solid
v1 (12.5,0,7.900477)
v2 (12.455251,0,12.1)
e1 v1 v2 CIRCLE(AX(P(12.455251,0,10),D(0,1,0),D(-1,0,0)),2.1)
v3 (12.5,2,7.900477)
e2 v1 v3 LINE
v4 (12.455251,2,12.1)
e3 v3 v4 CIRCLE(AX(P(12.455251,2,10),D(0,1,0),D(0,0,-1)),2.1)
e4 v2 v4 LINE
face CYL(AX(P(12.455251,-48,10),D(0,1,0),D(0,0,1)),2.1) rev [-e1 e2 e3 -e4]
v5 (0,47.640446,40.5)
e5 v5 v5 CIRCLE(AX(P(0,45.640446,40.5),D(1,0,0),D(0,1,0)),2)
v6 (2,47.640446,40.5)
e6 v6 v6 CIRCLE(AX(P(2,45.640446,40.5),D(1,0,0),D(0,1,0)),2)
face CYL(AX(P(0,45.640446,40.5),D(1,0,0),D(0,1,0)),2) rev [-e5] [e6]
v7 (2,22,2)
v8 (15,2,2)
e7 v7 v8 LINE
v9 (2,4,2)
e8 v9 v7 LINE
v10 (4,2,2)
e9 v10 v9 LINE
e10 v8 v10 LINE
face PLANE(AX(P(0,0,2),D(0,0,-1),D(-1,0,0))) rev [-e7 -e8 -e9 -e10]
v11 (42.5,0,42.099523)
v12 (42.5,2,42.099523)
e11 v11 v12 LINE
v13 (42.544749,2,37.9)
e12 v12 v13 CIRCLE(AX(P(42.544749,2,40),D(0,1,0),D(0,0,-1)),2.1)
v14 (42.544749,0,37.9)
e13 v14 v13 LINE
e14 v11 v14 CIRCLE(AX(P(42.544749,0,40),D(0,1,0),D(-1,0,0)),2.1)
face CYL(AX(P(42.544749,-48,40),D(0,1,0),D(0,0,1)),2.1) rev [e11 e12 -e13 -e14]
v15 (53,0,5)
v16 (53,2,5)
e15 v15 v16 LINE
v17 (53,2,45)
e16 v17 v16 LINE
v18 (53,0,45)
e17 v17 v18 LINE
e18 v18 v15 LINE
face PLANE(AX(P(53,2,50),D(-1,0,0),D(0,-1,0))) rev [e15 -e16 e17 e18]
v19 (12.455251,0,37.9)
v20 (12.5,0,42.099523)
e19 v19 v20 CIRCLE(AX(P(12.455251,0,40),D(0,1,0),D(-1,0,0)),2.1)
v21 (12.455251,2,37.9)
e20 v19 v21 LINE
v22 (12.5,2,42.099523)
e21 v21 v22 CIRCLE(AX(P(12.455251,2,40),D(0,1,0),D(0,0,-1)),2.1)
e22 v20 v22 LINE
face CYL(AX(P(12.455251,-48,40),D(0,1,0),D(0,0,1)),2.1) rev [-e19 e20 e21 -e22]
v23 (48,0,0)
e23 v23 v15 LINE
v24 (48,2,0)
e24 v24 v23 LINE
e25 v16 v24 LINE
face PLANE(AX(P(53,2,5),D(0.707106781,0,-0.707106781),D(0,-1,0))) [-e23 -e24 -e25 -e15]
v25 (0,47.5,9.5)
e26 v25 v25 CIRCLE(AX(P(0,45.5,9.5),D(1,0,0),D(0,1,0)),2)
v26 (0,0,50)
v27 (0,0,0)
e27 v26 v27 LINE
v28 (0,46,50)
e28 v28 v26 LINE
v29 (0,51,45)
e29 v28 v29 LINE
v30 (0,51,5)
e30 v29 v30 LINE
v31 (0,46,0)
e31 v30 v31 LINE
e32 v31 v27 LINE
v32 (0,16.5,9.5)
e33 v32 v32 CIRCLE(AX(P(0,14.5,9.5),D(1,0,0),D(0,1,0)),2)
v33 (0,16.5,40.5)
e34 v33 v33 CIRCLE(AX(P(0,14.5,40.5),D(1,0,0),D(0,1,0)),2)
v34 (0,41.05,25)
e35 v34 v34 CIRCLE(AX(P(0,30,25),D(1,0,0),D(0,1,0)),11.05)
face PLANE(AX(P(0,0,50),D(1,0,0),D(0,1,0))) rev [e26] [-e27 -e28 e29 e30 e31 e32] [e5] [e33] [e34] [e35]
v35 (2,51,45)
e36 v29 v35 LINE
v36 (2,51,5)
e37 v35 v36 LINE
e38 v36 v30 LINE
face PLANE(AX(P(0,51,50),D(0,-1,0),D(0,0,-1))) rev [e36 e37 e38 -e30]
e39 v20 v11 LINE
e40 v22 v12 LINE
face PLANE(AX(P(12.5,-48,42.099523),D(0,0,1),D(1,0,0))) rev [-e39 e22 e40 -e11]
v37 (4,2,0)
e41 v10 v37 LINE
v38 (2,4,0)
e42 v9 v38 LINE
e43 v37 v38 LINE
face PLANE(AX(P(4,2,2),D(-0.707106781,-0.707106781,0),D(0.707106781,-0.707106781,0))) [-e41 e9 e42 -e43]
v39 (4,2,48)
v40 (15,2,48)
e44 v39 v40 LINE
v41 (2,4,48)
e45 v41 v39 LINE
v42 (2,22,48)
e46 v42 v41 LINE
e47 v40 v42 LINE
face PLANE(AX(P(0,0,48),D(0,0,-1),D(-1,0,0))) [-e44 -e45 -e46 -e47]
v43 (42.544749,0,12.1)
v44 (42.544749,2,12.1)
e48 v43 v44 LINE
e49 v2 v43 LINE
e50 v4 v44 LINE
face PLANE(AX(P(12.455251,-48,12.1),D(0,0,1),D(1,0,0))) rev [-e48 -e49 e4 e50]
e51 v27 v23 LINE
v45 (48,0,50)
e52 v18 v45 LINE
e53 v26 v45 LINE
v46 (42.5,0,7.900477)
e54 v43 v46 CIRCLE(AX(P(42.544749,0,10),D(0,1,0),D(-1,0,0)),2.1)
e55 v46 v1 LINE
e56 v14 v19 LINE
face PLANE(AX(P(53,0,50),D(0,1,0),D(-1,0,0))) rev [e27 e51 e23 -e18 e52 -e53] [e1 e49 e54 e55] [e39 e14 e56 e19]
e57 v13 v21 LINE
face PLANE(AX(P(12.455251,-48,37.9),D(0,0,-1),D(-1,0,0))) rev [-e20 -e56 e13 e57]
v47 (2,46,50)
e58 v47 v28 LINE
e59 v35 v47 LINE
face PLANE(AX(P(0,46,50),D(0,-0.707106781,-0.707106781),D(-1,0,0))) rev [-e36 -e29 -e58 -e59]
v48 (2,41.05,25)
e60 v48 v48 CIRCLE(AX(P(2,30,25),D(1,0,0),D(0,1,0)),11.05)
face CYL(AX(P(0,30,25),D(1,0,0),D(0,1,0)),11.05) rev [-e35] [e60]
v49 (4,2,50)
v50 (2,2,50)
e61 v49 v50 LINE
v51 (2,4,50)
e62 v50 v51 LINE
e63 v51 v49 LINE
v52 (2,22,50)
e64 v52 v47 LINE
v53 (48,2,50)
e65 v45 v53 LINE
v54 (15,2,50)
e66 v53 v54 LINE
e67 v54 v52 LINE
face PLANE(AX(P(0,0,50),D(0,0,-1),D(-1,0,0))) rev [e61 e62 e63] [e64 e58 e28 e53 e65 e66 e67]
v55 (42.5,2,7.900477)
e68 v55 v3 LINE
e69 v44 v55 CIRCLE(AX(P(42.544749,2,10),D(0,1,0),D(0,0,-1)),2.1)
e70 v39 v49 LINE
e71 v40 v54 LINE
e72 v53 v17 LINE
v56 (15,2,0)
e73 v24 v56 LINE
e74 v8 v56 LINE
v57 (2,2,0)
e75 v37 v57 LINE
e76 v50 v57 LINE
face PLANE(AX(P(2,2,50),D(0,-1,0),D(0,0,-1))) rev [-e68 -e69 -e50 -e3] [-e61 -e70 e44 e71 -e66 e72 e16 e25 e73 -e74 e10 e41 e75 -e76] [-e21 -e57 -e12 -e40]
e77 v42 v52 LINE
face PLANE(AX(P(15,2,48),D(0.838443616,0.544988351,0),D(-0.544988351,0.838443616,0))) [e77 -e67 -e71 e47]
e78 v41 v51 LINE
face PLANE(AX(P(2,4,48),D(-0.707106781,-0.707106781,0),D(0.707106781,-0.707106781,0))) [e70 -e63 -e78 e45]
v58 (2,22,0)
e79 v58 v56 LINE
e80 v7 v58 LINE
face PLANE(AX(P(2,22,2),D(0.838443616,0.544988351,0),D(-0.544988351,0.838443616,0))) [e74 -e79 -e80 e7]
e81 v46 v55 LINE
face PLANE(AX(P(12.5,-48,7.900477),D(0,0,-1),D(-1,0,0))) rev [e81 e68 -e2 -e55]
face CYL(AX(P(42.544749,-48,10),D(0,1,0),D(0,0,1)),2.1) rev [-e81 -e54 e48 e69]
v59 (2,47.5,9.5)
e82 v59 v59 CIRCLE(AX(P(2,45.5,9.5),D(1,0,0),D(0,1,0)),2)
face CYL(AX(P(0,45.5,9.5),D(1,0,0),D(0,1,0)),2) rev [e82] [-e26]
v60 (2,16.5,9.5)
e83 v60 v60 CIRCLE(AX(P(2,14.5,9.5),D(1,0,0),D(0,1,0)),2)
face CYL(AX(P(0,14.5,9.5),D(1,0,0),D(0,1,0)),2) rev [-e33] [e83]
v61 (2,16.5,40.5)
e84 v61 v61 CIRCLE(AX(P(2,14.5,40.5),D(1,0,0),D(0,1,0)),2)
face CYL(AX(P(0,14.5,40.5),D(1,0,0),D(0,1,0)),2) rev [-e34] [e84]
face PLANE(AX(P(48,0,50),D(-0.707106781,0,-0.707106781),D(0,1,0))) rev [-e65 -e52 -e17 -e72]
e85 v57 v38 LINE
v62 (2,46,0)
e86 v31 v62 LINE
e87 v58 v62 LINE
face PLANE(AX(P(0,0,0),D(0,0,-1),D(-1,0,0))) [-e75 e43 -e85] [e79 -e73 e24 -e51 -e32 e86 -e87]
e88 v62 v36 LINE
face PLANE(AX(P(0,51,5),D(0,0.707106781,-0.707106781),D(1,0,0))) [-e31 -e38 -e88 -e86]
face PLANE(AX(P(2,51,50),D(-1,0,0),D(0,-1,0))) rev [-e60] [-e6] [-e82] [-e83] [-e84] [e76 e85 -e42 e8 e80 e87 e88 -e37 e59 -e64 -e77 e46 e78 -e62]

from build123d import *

# Parameters (mm, degrees)
BOSS_EXTRUDE1_DEPTH = 50
SKETCH2_R           = 11.05
SKETCH2_R_2         = 2
CUT_EXTRUDE1_DEPTH  = 3
CUT_EXTRUDE2_DEPTH  = 50
BOSS_EXTRUDE2_DEPTH = 2
BOSS_EXTRUDE3_DEPTH = 2
CHAMFER1_SIZE       = 5


with BuildPart() as part:
    # Sketch1 → Boss-Extrude1 (new body)
    with BuildSketch(Plane.XY):
        Polygon((0, 0), (0, 51), (2, 51), (2, 2), (53, 2), (53, 0), align=None)
    extrude(amount=BOSS_EXTRUDE1_DEPTH)

    # Sketch2 → Cut-Extrude1 (cut, through all)
    with BuildSketch(Plane(origin=(2, 0, 0), x_dir=(0, 0, -1), z_dir=(1, 0, 0))):
        with Locations((-25, 30)):
            Circle(SKETCH2_R)
        with Locations((-40.5, 45.640445987)):
            Circle(SKETCH2_R_2)
        with Locations((-9.5, 45.5)):
            Circle(SKETCH2_R_2)
        with Locations((-40.5, 14.5)):
            Circle(SKETCH2_R_2)
        with Locations((-9.5, 14.5)):
            Circle(SKETCH2_R_2)
    extrude(amount=-CUT_EXTRUDE1_DEPTH, mode=Mode.SUBTRACT)

    # Sketch3 → Cut-Extrude2 (cut)
    with BuildSketch(Plane(origin=(0, 2, 0), x_dir=(1, 0, 0), z_dir=(0, 1, 0))):
        with BuildLine():
            Line((12.455251015, -12.1), (42.544748985, -12.1))
            ThreePointArc((42.544748985, -12.1), (44.644629774, -9.977624237), (42.5, -7.900476833))
            Line((42.5, -7.900476833), (12.5, -7.900476833))
            ThreePointArc((12.5, -7.900476833), (10.355370226, -9.977624237), (12.455251015, -12.1))
        make_face()
        with BuildLine():
            Line((12.5, -42.099523167), (42.5, -42.099523167))
            ThreePointArc((42.5, -42.099523167), (44.644629774, -40.022375763), (42.544748985, -37.9))
            Line((42.544748985, -37.9), (12.455251015, -37.9))
            ThreePointArc((12.455251015, -37.9), (10.355370226, -40.022375763), (12.5, -42.099523167))
        make_face()
    extrude(amount=-CUT_EXTRUDE2_DEPTH, mode=Mode.SUBTRACT)

    # Sketch5 → Boss-Extrude2 (add)
    with BuildSketch(Plane.XY.offset(50)):
        Polygon((2, 22), (2, 4), (4, 2), (15, 2), align=None)
    extrude(amount=-BOSS_EXTRUDE2_DEPTH)

    # Sketch6 → Boss-Extrude3 (add)
    with BuildSketch(Plane(origin=(0, 0, 0), x_dir=(-1, 0, 0), z_dir=(0, 0, -1))):
        Polygon((-4, 2), (-2, 4), (-2, 22), (-15, 2), align=None)
    extrude(amount=-BOSS_EXTRUDE3_DEPTH)

    # Chamfer1
    chamfer1_edges = [part.edges().sort_by_distance(p)[0] for p in [
        (1, 51, 50),
        (1, 51, 0),
        (53, 1, 50),
        (53, 1, 0),
    ]]
    chamfer(chamfer1_edges, length=CHAMFER1_SIZE)


solid = part.part
